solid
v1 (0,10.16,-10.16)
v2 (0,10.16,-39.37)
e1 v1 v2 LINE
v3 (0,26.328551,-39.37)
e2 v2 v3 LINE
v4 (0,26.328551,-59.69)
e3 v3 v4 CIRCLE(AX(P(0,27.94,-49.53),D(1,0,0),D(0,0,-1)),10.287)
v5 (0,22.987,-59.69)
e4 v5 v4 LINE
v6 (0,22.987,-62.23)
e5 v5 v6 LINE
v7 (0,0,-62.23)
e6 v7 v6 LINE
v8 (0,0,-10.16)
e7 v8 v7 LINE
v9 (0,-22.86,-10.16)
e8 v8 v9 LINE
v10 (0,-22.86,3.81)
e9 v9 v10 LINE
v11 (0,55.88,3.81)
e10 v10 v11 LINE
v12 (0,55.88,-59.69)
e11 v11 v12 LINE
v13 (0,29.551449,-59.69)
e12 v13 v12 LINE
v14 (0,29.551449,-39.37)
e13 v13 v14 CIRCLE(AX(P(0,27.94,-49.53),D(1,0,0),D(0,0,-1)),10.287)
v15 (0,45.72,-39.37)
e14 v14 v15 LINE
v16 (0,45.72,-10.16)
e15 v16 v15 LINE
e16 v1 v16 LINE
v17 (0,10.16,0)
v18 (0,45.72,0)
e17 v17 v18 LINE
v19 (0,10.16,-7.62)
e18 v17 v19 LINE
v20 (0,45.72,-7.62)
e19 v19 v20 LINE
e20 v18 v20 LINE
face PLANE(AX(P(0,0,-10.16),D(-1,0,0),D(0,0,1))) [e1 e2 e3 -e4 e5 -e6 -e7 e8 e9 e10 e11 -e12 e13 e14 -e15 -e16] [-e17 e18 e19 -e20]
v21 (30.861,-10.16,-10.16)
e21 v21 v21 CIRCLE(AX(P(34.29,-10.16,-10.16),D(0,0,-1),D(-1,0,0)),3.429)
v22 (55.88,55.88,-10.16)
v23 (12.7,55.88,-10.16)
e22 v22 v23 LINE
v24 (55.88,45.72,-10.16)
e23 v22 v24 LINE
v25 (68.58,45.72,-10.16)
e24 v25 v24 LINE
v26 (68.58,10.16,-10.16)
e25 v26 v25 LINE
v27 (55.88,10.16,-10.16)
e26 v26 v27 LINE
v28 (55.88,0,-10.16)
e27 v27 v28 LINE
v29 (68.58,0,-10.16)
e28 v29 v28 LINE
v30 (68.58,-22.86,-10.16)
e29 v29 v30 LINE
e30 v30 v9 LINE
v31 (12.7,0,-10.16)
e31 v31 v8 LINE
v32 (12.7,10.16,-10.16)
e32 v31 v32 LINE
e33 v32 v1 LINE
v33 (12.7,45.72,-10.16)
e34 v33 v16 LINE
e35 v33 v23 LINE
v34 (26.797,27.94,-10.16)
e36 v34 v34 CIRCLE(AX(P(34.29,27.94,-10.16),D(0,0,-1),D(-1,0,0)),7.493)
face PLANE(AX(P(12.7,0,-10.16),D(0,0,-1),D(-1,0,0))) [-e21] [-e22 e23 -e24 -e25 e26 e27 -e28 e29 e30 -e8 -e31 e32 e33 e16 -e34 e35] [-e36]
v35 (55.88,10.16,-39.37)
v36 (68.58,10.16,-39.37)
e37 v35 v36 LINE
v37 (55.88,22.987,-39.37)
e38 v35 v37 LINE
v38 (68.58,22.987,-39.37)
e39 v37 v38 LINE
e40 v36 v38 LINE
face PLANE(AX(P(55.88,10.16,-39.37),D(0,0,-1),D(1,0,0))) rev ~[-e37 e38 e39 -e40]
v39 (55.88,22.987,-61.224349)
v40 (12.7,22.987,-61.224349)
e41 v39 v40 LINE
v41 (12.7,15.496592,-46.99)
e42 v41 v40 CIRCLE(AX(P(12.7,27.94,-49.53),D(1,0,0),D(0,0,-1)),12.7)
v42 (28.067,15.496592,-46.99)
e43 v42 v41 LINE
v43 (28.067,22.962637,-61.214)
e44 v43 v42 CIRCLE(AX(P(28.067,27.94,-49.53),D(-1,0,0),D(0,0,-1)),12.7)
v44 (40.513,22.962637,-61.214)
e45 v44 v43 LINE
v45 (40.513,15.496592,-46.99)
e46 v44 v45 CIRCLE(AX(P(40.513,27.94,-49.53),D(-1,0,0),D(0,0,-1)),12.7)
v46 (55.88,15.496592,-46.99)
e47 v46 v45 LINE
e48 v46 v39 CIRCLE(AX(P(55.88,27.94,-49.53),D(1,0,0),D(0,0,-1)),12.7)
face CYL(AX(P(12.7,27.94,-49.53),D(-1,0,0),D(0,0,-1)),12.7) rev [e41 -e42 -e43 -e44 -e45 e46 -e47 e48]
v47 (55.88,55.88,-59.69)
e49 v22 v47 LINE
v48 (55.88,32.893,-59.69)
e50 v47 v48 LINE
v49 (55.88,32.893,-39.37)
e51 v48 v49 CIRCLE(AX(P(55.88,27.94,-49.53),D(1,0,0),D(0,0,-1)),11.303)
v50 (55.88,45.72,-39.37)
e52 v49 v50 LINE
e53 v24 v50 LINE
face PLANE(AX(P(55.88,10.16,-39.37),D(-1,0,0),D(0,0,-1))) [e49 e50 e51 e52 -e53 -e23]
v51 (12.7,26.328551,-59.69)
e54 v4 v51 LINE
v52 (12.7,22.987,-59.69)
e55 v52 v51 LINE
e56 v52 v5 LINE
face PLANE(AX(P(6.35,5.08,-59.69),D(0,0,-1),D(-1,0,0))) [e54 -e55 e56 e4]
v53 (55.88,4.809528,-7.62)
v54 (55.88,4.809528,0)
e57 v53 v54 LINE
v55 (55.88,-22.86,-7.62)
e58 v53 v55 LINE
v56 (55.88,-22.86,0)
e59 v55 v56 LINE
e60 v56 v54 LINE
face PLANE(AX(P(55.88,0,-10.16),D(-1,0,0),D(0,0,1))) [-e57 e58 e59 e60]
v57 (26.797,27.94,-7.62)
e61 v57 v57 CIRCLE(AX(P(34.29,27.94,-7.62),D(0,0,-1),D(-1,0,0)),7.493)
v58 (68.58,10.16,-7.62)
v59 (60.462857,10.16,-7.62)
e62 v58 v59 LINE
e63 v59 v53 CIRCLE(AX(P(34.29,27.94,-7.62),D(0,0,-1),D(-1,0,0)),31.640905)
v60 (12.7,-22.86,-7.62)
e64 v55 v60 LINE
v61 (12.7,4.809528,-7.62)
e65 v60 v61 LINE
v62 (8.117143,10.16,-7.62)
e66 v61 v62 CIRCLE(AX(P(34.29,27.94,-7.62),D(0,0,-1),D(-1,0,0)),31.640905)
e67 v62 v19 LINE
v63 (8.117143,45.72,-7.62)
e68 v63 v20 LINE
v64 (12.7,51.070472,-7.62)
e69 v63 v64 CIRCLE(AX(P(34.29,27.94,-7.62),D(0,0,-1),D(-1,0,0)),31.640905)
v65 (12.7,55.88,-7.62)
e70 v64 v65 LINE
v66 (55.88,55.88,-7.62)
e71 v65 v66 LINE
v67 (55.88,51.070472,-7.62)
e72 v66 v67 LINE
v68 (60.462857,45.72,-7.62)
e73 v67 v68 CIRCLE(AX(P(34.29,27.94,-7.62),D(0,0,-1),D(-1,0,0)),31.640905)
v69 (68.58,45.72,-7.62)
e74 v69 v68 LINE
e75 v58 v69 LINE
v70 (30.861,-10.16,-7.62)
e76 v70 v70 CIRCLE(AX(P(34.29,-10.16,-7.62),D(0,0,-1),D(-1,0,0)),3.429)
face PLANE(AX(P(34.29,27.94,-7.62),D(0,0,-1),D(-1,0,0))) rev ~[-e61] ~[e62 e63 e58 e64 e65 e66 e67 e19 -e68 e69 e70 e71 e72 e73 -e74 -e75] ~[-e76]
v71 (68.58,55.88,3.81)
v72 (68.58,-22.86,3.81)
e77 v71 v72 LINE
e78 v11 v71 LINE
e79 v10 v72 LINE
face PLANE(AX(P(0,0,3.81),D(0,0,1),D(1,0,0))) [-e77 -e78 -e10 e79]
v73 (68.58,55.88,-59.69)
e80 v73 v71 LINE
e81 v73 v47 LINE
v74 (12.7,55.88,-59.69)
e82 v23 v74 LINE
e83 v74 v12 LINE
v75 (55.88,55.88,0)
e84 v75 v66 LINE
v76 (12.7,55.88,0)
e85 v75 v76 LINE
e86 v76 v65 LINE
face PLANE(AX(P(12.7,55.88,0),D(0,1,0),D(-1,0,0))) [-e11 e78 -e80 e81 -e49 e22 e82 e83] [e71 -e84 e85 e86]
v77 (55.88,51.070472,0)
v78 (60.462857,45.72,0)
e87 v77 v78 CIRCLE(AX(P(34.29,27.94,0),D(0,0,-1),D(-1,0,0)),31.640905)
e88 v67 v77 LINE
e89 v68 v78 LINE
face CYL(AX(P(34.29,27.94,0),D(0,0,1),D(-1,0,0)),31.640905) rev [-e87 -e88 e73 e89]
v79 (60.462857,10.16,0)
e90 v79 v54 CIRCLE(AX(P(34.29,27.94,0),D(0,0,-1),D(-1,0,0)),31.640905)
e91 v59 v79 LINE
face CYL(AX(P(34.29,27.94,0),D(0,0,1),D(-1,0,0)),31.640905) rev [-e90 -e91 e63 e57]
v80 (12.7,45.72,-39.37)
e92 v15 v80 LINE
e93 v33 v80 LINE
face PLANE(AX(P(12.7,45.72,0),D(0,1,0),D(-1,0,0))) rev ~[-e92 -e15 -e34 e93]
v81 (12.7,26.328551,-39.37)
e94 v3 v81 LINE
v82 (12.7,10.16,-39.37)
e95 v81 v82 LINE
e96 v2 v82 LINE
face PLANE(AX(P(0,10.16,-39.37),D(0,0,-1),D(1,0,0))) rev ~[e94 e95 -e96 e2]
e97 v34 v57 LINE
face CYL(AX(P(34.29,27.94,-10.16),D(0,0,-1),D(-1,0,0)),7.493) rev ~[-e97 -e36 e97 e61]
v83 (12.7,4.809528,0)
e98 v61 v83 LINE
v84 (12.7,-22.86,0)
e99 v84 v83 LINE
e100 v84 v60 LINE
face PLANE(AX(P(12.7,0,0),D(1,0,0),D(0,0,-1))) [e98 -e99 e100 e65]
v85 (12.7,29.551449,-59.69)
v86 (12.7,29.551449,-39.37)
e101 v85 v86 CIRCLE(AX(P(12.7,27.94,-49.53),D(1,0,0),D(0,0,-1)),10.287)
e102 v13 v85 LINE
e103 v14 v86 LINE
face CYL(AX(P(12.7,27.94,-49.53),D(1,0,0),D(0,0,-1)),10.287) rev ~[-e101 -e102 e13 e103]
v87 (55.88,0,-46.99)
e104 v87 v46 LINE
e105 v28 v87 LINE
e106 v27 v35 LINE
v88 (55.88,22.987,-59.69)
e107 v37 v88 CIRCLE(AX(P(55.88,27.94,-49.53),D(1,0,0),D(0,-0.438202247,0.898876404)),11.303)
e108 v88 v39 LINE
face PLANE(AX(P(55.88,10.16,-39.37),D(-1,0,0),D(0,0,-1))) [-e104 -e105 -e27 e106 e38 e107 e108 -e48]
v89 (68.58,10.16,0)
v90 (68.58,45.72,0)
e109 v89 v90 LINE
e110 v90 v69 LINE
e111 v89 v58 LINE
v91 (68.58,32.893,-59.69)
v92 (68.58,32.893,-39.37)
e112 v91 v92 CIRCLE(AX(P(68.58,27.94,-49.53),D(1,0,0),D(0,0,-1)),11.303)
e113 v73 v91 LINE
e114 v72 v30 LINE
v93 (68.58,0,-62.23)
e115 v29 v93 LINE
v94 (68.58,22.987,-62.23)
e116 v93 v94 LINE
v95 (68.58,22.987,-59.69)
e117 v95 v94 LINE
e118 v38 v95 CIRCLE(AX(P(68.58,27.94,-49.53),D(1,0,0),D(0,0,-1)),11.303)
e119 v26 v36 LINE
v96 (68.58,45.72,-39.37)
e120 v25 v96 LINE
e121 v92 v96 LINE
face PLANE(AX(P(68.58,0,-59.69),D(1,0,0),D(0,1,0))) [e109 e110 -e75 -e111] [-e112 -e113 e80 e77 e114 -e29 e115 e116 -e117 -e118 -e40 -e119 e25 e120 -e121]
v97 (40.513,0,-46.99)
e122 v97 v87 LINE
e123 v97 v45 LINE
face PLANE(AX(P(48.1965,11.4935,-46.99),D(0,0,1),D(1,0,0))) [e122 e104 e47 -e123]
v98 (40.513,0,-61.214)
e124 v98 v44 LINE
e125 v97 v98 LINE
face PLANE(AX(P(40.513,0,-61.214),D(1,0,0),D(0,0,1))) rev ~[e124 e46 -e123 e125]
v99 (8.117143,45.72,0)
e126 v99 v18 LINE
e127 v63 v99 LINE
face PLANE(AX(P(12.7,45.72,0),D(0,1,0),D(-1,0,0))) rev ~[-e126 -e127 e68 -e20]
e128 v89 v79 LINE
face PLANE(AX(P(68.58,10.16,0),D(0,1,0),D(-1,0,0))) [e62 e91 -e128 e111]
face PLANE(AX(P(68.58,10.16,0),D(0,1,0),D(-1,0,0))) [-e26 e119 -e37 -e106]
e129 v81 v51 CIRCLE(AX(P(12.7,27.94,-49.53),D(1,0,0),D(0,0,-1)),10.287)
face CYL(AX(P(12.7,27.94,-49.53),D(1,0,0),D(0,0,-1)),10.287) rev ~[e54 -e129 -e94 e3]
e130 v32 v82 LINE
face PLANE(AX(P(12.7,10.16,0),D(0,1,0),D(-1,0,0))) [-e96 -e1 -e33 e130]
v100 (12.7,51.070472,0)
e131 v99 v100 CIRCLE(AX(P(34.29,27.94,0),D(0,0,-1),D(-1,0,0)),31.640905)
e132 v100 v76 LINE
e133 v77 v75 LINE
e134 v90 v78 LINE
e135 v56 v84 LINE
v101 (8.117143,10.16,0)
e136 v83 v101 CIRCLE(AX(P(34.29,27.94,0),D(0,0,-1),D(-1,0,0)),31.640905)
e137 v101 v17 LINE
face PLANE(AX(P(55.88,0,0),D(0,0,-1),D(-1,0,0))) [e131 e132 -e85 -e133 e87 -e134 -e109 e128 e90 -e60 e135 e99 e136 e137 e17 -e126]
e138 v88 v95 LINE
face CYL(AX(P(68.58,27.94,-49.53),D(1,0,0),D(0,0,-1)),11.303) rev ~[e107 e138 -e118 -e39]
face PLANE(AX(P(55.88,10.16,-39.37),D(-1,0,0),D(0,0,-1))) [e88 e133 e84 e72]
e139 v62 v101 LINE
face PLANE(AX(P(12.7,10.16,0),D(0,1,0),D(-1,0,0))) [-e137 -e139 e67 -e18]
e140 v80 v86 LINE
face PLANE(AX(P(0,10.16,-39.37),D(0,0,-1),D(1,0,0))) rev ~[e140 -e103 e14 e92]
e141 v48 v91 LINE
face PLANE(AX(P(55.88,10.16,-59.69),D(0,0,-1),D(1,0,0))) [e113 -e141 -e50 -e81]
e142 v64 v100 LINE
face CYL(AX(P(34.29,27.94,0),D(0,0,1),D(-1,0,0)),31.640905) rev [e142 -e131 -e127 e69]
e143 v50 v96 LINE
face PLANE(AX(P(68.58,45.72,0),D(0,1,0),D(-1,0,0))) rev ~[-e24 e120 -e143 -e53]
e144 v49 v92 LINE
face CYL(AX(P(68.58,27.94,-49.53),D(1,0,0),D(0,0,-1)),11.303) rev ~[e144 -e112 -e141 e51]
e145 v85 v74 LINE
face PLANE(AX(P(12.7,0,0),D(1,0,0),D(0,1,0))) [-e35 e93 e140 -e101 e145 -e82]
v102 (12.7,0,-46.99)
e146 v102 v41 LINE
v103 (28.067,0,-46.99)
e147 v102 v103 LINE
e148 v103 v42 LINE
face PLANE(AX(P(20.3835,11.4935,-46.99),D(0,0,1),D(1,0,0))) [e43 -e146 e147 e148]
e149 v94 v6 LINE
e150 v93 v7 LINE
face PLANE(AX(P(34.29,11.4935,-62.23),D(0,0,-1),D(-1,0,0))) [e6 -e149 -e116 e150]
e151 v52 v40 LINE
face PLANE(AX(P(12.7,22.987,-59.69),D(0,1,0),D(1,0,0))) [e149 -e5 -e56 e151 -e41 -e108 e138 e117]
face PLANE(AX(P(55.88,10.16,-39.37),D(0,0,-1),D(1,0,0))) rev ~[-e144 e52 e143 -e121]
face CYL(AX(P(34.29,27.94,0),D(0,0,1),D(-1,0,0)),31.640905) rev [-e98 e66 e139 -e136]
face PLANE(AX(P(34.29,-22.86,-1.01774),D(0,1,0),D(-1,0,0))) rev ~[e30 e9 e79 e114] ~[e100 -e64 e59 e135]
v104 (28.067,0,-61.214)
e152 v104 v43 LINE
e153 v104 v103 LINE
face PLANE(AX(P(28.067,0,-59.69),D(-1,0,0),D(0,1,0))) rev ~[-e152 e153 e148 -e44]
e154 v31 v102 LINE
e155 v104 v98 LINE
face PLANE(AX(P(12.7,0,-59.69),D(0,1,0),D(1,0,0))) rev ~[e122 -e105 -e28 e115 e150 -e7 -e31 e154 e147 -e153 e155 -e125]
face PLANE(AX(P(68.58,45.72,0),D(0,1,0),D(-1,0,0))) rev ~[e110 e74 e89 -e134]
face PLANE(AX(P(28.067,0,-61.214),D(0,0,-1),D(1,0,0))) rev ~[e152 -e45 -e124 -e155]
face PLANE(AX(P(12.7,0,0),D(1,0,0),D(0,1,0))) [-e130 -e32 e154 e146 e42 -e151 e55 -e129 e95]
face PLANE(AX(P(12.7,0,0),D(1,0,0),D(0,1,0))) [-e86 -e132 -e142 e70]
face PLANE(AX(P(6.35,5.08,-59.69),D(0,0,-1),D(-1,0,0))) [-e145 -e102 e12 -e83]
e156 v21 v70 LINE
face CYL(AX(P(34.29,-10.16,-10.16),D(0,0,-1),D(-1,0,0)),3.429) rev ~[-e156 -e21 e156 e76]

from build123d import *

# Parameters (mm, degrees)
SKETCH1_W           = 68.58
SKETCH1_H           = 55.88
BOSS_EXTRUDE1_DEPTH = 3.81
SKETCH2_W           = 12.7
SKETCH2_H           = 10.16
BOSS_EXTRUDE2_DEPTH = 59.69
SKETCH6_W           = 12.7
SKETCH6_H           = 20.32
BOSS_EXTRUDE3_DEPTH = 35.56
CUT_EXTRUDE1_REACH  = 108.718
SKETCH4_R           = 11.303
SKETCH7_W           = 68.58
SKETCH7_H           = 55.88
SKETCH7_W_2         = 43.18
SKETCH7_H_2         = 22.86
BOSS_EXTRUDE4_DEPTH = 2.54
SKETCH8_R           = 3.429
SKETCH8_R_2         = 7.493
CUT_EXTRUDE2_DEPTH  = 2.54
SKETCH9_W           = 68.58
SKETCH9_H           = 22.987
BOSS_EXTRUDE5_DEPTH = 2.54
CUT_EXTRUDE3_REACH  = 110.159
SKETCH10_W          = 12.446
SKETCH10_H          = 3.048
SKETCH11_W          = 15.367
SKETCH11_H          = 22.987
BOSS_EXTRUDE6_DEPTH = 12.7
BOSS_EXTRUDE7_DEPTH = 22.86
CUT_EXTRUDE5_START  = -43.18
SKETCH14_R          = 12.7
CUT_EXTRUDE5_DEPTH  = 43.18
CUT_EXTRUDE6_REACH  = 102.587
SKETCH13_R          = 10.287
SKETCH15_R          = 31.640904619
CUT_EXTRUDE7_DEPTH  = 7.62


with BuildPart() as part:
    # Sketch1 → Boss-Extrude1 (new body)
    with BuildSketch(Plane.XY):
        with Locations((34.29, 27.94)):
            Rectangle(SKETCH1_W, SKETCH1_H)
    extrude(amount=BOSS_EXTRUDE1_DEPTH)

    # Sketch2 → Boss-Extrude2 (add)
    with BuildSketch(Plane(origin=(0, 0, 0), x_dir=(-1, 0, 0), z_dir=(0, 0, -1))):
        with Locations((-6.35, 50.8)):
            Rectangle(SKETCH2_W, SKETCH2_H)
        with Locations((-62.23, 50.8)):
            Rectangle(SKETCH2_W, SKETCH2_H)
        with Locations((-6.35, 5.08)):
            Rectangle(SKETCH2_W, SKETCH2_H)
        with Locations((-62.23, 5.08)):
            Rectangle(SKETCH2_W, SKETCH2_H)
    extrude(amount=BOSS_EXTRUDE2_DEPTH)

    # Sketch6 → Boss-Extrude3 (add)
    with BuildSketch(Plane(origin=(0, 10.16, 0), x_dir=(1, 0, 0), z_dir=(0, 1, 0))):
        with Locations((62.23, 49.53)):
            Rectangle(SKETCH6_W, SKETCH6_H)
        with Locations((6.35, 49.53)):
            Rectangle(SKETCH6_W, SKETCH6_H)
    extrude(amount=BOSS_EXTRUDE3_DEPTH)

    # Sketch4 → Cut-Extrude1 (cut, up to next)
    with BuildSketch(Plane(origin=(68.58, 0, 0), x_dir=(0, 0, -1), z_dir=(1, 0, 0)), mode=Mode.PRIVATE) as cut_extrude1_sk1:
        with Locations((49.53, 27.94)):
            Circle(SKETCH4_R)
    cut_extrude1_tool1 = extrude(cut_extrude1_sk1.sketch, amount=-CUT_EXTRUDE1_REACH, mode=Mode.PRIVATE) & part.part
    add(cut_extrude1_tool1.solids().sort_by_distance((68.58, 27.94, -49.53))[0], mode=Mode.SUBTRACT)

    # Sketch7 → Boss-Extrude4 (add)
    with BuildSketch(Plane(origin=(0, 0, -7.62), x_dir=(-1, 0, 0), z_dir=(0, 0, -1))):
        with Locations((-34.29, 27.94)):
            Rectangle(SKETCH7_W, SKETCH7_H)
        with Locations((-34.29, -11.43)):
            Rectangle(SKETCH7_W_2, SKETCH7_H_2)
    extrude(amount=BOSS_EXTRUDE4_DEPTH)

    # Sketch8 → Cut-Extrude2 (cut)
    with BuildSketch(Plane(origin=(0, 0, -10.16), x_dir=(-1, 0, 0), z_dir=(0, 0, -1))):
        with Locations((-34.29, -10.16)):
            Circle(SKETCH8_R)
        with Locations((-34.29, 27.94)):
            Circle(SKETCH8_R_2)
    extrude(amount=-CUT_EXTRUDE2_DEPTH, mode=Mode.SUBTRACT)

    # Sketch9 → Boss-Extrude5 (add)
    with BuildSketch(Plane(origin=(0, 0, -59.69), x_dir=(-1, 0, 0), z_dir=(0, 0, -1))):
        with Locations((-34.29, 11.4935)):
            Rectangle(SKETCH9_W, SKETCH9_H)
    extrude(amount=BOSS_EXTRUDE5_DEPTH)

    # Sketch10 → Cut-Extrude3 (cut, up to next)
    with BuildSketch(Plane.XZ, mode=Mode.PRIVATE) as cut_extrude3_sk1:
        with Locations((34.29, -59.69)):
            Rectangle(SKETCH10_W, SKETCH10_H)
    cut_extrude3_tool1 = extrude(cut_extrude3_sk1.sketch, amount=-CUT_EXTRUDE3_REACH, mode=Mode.PRIVATE) & part.part
    add(cut_extrude3_tool1.solids().sort_by_distance((34.29, 0, -59.69))[0], mode=Mode.SUBTRACT)

    # Sketch11 → Boss-Extrude6 (add)
    with BuildSketch(Plane.XY.offset(-59.69)):
        with Locations((20.3835, 11.4935)):
            Rectangle(SKETCH11_W, SKETCH11_H)
        with Locations((48.1965, 11.4935)):
            Rectangle(SKETCH11_W, SKETCH11_H)
    extrude(amount=BOSS_EXTRUDE6_DEPTH)

    # Sketch12 → Boss-Extrude7 (add)
    with BuildSketch(Plane.XZ):
        Polygon((12.7, -10.16), (0, -10.16), (0, 3.81), (68.58, 3.81), (68.58, -10.16), (55.88, -10.16), (55.88, 0), (12.7, 0), align=None)
    extrude(amount=BOSS_EXTRUDE7_DEPTH)

    # Sketch14 → Cut-Extrude5 (cut)
    with BuildSketch(Plane(origin=(55.88, 0, 0), x_dir=(0, 0, -1), z_dir=(1, 0, 0)).offset(CUT_EXTRUDE5_START)):
        with Locations((49.53, 27.94)):
            Circle(SKETCH14_R)
    extrude(amount=CUT_EXTRUDE5_DEPTH, mode=Mode.SUBTRACT)

    # Sketch13 → Cut-Extrude6 (cut, up to next)
    with BuildSketch(Plane(origin=(12.7, 0, 0), x_dir=(0, 0, -1), z_dir=(1, 0, 0)), mode=Mode.PRIVATE) as cut_extrude6_sk1:
        with Locations((49.53, 27.94)):
            Circle(SKETCH13_R)
    cut_extrude6_tool1 = extrude(cut_extrude6_sk1.sketch, amount=-CUT_EXTRUDE6_REACH, mode=Mode.PRIVATE) & part.part
    add(cut_extrude6_tool1.solids().sort_by_distance((12.7, 27.94, -49.53))[0], mode=Mode.SUBTRACT)

    # Sketch15 → Cut-Extrude7 (cut)
    with BuildSketch(Plane(origin=(0, 0, 0), x_dir=(-1, 0, 0), z_dir=(0, 0, -1))):
        with Locations((-34.29, 27.94)):
            Circle(SKETCH15_R)
    extrude(amount=CUT_EXTRUDE7_DEPTH, mode=Mode.SUBTRACT)


solid = part.part
